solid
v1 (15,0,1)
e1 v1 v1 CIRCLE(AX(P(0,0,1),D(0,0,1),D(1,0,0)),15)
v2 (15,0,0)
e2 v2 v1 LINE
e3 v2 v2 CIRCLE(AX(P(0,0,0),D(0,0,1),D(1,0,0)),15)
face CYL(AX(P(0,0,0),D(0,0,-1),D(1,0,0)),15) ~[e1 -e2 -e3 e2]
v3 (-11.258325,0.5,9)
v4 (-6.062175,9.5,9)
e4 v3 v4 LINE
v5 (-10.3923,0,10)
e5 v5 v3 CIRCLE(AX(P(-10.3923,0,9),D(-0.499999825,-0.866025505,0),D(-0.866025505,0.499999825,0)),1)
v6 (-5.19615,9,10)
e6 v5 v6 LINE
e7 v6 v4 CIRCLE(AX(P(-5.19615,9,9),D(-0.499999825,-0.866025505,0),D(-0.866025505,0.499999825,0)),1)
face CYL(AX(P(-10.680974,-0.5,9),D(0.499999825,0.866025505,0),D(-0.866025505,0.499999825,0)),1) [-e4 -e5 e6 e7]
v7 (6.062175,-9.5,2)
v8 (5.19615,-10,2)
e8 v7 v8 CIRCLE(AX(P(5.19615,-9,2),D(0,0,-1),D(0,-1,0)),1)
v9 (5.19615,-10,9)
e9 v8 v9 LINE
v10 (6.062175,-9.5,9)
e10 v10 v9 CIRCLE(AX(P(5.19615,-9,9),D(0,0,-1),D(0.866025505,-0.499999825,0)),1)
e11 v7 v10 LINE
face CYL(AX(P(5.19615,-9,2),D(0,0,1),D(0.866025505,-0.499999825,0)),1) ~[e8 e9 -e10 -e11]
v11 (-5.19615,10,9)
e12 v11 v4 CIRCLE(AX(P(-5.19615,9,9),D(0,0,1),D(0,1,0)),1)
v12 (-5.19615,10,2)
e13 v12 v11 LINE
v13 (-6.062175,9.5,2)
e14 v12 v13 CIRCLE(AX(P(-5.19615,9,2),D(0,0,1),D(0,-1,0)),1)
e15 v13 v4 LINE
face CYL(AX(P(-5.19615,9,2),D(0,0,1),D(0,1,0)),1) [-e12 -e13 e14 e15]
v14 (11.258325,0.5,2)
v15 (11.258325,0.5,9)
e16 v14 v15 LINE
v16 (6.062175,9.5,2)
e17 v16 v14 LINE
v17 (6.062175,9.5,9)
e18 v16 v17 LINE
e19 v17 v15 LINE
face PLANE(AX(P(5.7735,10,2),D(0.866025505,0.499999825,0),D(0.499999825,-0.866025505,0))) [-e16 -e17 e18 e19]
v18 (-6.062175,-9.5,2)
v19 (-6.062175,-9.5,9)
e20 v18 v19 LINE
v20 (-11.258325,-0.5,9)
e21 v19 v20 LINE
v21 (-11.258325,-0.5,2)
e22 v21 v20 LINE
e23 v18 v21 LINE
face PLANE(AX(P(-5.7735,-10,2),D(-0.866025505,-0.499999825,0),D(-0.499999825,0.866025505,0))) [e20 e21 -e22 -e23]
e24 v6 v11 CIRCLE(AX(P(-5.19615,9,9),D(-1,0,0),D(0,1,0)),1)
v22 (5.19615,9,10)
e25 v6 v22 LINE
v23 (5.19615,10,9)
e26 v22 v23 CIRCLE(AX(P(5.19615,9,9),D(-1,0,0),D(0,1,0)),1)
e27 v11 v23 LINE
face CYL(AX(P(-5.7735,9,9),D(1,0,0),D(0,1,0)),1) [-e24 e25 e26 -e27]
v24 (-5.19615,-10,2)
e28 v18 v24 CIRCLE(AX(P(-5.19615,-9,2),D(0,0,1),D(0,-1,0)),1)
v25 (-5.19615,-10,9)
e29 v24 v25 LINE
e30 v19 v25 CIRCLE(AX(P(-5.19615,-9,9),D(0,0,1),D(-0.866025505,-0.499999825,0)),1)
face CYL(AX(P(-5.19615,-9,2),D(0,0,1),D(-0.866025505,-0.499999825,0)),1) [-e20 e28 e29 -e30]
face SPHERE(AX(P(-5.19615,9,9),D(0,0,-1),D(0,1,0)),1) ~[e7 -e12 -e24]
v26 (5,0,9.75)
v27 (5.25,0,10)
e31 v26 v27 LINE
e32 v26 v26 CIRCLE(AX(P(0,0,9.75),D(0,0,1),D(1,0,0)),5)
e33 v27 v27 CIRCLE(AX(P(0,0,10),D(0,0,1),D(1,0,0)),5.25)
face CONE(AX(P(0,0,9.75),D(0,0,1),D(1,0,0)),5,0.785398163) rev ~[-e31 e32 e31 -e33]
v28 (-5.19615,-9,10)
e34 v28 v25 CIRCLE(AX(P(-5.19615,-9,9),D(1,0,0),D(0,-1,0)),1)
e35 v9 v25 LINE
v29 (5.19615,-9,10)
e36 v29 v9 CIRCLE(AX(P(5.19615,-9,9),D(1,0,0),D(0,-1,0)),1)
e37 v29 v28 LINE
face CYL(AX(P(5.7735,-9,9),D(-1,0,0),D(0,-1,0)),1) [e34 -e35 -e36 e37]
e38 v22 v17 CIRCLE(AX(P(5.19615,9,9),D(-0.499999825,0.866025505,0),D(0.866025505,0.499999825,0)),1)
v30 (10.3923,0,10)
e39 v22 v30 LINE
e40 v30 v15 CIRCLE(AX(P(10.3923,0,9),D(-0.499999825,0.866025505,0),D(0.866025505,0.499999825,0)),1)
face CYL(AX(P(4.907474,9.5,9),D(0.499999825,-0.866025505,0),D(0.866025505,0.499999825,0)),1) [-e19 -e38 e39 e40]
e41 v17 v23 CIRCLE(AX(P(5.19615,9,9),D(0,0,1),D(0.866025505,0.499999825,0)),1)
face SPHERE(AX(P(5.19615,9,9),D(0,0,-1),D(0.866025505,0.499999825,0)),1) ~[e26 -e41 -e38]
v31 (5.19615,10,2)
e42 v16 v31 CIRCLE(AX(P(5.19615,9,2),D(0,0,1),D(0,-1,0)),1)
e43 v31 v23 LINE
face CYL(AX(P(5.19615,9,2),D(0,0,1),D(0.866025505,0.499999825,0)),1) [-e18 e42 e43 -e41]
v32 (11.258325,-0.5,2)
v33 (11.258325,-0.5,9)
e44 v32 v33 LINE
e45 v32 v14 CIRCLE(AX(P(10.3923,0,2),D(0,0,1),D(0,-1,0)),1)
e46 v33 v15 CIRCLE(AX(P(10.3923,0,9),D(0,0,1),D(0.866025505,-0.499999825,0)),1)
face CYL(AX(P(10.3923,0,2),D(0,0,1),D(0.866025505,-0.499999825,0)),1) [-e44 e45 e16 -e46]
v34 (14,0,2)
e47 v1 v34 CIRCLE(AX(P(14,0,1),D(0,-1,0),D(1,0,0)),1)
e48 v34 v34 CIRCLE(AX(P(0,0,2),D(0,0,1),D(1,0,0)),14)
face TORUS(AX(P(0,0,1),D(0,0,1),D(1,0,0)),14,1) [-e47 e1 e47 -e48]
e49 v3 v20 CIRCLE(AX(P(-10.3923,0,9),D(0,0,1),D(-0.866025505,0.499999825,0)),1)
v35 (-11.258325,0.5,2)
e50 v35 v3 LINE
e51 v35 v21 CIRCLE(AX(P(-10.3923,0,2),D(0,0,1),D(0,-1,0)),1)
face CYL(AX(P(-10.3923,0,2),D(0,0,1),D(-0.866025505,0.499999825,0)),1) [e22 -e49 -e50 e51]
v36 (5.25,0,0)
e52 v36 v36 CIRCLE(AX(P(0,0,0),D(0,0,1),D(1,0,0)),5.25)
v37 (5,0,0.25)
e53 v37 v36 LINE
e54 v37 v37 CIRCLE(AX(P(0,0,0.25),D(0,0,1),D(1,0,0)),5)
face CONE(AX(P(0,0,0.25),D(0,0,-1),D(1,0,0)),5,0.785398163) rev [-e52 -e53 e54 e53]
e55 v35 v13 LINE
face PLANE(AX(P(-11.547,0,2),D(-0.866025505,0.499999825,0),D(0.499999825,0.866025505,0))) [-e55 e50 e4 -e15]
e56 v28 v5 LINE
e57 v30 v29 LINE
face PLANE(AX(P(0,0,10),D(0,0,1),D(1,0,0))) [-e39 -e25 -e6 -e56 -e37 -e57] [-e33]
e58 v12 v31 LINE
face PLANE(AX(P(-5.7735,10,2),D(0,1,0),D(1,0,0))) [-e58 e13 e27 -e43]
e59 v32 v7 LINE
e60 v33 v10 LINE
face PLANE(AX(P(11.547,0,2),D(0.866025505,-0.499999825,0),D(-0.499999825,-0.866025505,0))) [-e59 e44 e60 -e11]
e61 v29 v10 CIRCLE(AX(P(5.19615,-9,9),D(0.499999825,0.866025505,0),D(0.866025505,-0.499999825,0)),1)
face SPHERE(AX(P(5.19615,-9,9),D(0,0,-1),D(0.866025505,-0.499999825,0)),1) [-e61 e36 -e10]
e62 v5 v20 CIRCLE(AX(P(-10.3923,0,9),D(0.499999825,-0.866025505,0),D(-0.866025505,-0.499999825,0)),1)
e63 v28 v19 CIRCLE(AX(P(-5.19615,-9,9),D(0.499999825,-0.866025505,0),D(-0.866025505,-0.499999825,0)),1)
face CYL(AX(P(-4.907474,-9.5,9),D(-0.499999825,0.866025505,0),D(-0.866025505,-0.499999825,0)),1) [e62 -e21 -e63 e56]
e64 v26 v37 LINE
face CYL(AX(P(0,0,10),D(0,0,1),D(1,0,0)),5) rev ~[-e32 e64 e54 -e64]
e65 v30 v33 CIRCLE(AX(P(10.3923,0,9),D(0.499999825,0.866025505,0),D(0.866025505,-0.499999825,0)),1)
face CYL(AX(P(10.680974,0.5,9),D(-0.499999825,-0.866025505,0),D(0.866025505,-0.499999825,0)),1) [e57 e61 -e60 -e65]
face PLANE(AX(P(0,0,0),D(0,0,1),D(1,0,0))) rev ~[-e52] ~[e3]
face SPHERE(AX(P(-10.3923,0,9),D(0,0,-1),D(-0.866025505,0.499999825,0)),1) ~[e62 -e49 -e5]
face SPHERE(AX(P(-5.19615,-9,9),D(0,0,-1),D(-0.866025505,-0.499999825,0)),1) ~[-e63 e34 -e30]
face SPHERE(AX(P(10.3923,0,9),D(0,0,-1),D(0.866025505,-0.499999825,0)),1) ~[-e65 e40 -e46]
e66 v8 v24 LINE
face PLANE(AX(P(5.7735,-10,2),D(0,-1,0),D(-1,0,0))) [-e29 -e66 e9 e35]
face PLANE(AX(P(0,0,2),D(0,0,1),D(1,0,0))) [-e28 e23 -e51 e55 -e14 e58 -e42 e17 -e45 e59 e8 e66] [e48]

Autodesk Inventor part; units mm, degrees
ref_plane "YZ Plane" through (0, 0, 0) normal (1, 0, 0) x (0, 1, 0)
ref_plane "XZ Plane" through (0, 0, 0) normal (0, 1, 0) x (-1, 0, 0)
ref_plane "XY Plane" through (0, 0, 0) normal (0, 0, 1) x (1, 0, 0)
sketch "草图1" plane through (0, 0, 0) normal (0, 0, 1) x (1, 0, 0)
  circle A0 centre (0, 0) radius 15
  dimension "d0" = 30
extrude "拉伸1" add sketch "草图1" along normal blind 2
sketch "草图2" plane through (0, 0, 2) normal (0, 0, 1) x (1, 0, 0)
  line L0 (5.7735, -10) -> (-5.7735, -10)
  line L1 (-5.7735, -10) -> (-11.547, 0)
  line L2 (-11.547, 0) -> (-5.7735, 10)
  line L3 (-5.7735, 10) -> (5.7735, 10)
  line L4 (5.7735, 10) -> (11.547, 0)
  line L5 (11.547, 0) -> (5.7735, -10)
  line L6 (0, 0) -> (0, 1.986)
  point P0 (0, 10)
  dimension "d3" = 1.986
  dimension "d4" = 20
extrude "拉伸2" add sketch "草图2" along normal blind 8
sketch "草图3" plane through (0, 0, 10) normal (0, 0, 1) x (1, 0, 0)
  circle A0 centre (0, 0) radius 5
  dimension "d7" = 10
extrude "拉伸3" cut sketch "草图3" against normal through all
thread "螺纹1" size "M10x1.5" class "6H" standard "ANSI Metric M Profile" full length
fillet "圆角1" radius 1 13 edges at (-15, 0, 2) (-5.7735, 10, 6) (-11.547, 0, 6) (-5.7735, -10, 6) (11.547, 0, 6) (5.7735, 10, 6) (5.7735, -10, 6) (8.6603, -5, 10) (8.6603, 5, 10) (0, 10, 10) (-8.6603, 5, 10) (-8.6603, -5, 10) (0, -10, 10)
chamfer "倒角1" distance 0.25 angle 45 1 edges at (-5, 0, 10)
chamfer "倒角2" distance 0.25 angle 45 1 edges at (-5, 0, 0)
properties part number "主动轮固定螺帽"
